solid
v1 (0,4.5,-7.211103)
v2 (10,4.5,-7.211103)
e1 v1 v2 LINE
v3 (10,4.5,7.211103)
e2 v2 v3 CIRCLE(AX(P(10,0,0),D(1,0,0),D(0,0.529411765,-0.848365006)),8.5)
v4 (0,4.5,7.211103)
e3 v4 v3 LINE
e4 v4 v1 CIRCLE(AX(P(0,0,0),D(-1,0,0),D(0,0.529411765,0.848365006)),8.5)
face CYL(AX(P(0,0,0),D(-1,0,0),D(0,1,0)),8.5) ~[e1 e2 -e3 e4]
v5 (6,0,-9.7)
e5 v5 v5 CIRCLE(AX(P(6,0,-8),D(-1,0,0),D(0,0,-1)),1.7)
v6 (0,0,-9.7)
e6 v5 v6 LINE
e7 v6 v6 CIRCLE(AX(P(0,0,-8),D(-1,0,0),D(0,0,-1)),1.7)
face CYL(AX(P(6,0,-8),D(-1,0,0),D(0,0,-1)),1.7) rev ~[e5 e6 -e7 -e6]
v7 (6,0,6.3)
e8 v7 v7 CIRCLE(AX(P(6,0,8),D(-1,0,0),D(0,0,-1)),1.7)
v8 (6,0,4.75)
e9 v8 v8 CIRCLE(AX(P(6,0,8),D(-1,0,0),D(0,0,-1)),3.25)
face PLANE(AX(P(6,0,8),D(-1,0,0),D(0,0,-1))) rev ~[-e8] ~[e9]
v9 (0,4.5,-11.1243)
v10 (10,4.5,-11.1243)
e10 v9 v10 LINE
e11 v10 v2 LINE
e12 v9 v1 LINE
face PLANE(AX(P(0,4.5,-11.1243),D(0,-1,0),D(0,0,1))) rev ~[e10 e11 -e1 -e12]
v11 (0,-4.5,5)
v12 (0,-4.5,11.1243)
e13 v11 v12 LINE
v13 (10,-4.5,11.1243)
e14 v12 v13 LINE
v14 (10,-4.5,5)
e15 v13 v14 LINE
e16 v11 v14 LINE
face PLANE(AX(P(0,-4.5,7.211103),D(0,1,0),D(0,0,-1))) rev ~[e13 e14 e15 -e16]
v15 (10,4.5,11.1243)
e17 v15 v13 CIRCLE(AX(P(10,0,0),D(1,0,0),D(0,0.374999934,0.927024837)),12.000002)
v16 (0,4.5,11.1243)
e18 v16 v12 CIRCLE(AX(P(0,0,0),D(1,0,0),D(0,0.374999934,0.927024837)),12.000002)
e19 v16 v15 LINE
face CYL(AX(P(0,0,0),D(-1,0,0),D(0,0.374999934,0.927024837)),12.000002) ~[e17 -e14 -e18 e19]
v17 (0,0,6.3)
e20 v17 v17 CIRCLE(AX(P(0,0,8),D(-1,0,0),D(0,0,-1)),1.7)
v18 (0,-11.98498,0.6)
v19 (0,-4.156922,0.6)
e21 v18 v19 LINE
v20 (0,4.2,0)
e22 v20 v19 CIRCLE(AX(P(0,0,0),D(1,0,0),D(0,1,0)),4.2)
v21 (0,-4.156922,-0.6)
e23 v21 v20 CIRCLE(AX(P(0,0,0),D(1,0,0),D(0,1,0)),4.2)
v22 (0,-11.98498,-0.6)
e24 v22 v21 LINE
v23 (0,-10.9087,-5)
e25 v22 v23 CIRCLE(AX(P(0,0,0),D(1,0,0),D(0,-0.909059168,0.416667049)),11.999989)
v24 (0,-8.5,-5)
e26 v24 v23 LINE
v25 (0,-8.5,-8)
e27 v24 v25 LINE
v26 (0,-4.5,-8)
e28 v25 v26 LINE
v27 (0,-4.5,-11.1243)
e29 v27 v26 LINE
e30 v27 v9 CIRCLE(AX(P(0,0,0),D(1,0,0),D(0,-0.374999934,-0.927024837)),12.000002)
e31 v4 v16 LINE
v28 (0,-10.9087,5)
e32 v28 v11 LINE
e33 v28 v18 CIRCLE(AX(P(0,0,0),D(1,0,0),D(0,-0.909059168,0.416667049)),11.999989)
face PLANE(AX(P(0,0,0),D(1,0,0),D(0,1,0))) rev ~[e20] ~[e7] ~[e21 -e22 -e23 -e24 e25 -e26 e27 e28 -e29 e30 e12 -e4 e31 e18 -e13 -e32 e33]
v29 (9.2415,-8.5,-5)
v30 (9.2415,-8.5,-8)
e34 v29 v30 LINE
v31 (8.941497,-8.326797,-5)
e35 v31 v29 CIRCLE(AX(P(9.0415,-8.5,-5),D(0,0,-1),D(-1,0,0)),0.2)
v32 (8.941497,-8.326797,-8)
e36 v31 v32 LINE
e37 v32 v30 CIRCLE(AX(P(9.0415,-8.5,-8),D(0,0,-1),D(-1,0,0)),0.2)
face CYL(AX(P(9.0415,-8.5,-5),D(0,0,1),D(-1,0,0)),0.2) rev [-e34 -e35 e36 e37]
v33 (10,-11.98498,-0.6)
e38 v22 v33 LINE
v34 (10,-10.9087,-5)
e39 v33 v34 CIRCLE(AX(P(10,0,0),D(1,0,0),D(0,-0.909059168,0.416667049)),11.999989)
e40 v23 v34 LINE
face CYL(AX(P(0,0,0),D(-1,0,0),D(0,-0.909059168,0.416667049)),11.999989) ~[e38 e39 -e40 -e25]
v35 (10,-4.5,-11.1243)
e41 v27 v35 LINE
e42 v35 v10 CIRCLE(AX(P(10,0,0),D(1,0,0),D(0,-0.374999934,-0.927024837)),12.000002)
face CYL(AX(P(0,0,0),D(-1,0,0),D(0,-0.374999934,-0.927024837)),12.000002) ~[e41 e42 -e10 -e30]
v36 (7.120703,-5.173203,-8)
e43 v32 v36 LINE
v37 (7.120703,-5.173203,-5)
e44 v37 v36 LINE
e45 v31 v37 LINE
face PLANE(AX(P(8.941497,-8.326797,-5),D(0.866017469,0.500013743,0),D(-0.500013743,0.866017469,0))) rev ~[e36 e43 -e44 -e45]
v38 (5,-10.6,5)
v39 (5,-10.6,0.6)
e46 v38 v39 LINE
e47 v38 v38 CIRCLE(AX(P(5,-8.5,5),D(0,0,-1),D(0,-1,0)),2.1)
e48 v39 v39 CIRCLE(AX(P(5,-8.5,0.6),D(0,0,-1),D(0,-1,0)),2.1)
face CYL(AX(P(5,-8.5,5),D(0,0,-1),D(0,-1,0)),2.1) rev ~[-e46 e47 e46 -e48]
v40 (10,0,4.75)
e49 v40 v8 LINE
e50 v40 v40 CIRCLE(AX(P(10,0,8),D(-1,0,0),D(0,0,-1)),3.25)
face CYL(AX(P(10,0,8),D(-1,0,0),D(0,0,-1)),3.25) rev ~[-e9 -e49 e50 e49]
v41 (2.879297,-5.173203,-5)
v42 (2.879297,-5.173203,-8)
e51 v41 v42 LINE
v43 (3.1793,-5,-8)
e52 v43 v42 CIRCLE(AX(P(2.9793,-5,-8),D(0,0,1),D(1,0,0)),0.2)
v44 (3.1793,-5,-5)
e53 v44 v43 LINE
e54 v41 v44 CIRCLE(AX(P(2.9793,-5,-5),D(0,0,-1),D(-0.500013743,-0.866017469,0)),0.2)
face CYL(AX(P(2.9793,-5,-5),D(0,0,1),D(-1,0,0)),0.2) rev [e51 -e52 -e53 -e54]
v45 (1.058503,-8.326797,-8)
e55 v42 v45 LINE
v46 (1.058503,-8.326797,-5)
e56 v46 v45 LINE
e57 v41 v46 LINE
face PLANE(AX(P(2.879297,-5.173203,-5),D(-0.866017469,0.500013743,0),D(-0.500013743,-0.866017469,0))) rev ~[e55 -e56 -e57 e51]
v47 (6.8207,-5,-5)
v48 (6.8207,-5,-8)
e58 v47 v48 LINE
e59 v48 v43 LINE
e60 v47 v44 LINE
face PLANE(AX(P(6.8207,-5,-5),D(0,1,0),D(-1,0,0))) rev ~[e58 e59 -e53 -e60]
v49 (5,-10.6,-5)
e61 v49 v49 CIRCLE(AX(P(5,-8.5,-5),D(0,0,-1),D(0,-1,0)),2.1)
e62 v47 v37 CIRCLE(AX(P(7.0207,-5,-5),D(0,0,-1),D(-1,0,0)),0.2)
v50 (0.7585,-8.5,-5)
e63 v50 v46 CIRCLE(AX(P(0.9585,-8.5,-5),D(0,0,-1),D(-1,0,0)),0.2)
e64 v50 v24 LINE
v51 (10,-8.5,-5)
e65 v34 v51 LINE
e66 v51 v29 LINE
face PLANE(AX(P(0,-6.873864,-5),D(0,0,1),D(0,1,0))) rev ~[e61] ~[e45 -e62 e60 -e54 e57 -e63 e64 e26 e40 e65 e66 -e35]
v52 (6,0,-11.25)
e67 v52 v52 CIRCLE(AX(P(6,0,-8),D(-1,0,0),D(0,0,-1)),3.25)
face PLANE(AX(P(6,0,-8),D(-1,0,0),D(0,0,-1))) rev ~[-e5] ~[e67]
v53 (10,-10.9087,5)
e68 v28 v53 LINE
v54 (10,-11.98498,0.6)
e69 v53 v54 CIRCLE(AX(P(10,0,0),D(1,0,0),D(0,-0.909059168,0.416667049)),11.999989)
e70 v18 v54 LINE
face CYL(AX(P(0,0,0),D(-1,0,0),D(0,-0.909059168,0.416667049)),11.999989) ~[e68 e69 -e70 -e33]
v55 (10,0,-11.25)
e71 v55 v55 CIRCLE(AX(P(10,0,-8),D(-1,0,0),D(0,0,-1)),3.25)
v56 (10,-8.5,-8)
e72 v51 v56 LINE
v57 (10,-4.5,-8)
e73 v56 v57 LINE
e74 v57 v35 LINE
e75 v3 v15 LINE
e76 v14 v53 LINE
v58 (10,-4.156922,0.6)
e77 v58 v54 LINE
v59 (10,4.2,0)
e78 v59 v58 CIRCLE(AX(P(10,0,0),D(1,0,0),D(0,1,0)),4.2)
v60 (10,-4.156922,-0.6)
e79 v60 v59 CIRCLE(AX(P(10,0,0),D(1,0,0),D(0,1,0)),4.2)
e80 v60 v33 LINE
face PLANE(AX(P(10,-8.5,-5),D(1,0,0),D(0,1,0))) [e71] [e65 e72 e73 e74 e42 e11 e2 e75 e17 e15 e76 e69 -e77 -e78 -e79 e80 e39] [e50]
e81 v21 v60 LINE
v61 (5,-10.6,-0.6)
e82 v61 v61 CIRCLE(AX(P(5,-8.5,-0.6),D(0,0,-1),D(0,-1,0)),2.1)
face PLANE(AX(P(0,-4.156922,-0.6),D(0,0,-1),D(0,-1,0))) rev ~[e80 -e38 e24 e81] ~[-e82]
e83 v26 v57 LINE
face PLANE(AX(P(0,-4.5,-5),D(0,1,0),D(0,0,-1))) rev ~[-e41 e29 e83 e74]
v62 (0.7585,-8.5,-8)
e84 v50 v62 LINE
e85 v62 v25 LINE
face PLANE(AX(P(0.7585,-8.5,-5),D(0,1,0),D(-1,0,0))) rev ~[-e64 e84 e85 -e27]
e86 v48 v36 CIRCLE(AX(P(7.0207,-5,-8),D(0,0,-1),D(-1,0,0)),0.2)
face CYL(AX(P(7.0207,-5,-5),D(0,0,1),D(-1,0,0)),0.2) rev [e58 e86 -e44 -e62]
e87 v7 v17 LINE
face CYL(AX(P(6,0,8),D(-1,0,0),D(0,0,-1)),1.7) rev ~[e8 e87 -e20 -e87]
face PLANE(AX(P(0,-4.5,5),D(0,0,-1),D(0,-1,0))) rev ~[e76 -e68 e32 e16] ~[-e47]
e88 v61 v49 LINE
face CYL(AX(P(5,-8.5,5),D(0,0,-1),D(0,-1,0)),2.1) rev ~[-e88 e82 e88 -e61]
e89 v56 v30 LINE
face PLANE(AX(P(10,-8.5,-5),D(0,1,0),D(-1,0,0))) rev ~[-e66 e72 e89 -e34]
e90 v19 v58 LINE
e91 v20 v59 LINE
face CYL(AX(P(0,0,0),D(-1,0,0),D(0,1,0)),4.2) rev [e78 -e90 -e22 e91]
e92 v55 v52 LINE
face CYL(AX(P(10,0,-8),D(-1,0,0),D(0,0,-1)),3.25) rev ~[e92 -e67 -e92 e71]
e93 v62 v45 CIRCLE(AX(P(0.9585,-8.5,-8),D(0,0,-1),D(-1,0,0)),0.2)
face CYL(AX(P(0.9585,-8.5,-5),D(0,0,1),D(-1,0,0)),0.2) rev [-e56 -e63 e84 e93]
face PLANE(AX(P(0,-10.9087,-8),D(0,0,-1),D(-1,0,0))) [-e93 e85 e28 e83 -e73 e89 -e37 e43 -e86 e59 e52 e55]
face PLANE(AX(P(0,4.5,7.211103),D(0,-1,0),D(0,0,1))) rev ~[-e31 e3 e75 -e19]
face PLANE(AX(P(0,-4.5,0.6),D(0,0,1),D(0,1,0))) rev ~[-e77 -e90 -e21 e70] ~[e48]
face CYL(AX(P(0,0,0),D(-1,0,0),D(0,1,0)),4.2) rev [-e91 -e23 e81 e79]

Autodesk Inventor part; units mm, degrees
ref_plane "YZ Plane" through (0, 0, 0) normal (1, 0, 0) x (0, 1, 0)
ref_plane "XZ Plane" through (0, 0, 0) normal (0, 1, 0) x (-1, 0, 0)
ref_plane "XY Plane" through (0, 0, 0) normal (0, 0, 1) x (1, 0, 0)
sketch "スケッチ1" plane through (0, 0, 0) normal (1, 0, 0) x (0, 1, 0)
  circle A0 centre (0, 0) radius 4.2
  circle A1 centre (0, 0) radius 8.5
  line L0 (0, 5) -> (-12, 5)
  line L1 (-12, 5) -> (-12, -5) construction
  line L2 (-12, -5) -> (0, -5)
  line L3 (0, -5) -> (0, 5) construction
  line L4 (-12, 0.6) -> (0, 0.6)
  line L5 (0, 0.6) -> (0, -0.6)
  line L6 (0, -0.6) -> (-12, -0.6)
  line L7 (-12, -0.6) -> (-12, 0.6)
  line L8 (4.5, 12) -> (-4.5, 12) construction
  line L9 (-4.5, 12) -> (-4.5, -12)
  line L10 (-4.5, -12) -> (4.5, -12) construction
  line L11 (4.5, -12) -> (4.5, 12)
  line L12 (4.5, 12) -> (-4.5, -12) construction
  line L13 (-4.5, 12) -> (4.5, -12) construction
  arc A2 (4.5, 11.1243) -> (-4.5, 11.1243) centre (0, 0) ccw
  arc A3 (-4.5, -11.1243) -> (4.5, -11.1243) centre (0, 0) ccw
  arc A4 (-10.9087, 5) -> (-10.9087, -5) centre (0, 0) ccw
  point P0 (-11, 3.3541)
  point P1 (-11, -3.3541)
  point P2 (-6.8739, 5)
  point P3 (-6.8739, -5)
  point P4 (-4.1569, 0.6)
  point P5 (-4.1569, -0.6)
  point P6 (-12, -0.6)
  point P7 (-8.4788, -0.6)
  point P8 (-8.4788, 0.6)
  point P9 (0, -4.2)
  point P10 (0, 4.2)
  point P11 (0, 0.6)
  point P12 (-4.5, -5)
  point P13 (4.5, -7.2111)
  point P14 (4.5, 7.2111)
  point P15 (-4.5, 5)
  point P16 (-4.5, -7.2111)
  point P17 (-4.5, 7.2111)
  point P18 (-4.5, 0.6)
  point P19 (-4.5, -0.6)
  point P20 (-11.985, 0.6)
  point P21 (-11.985, -0.6)
  dimension "d0" = 8.4
  dimension "d1" = 17
  dimension "d2" = 5
  dimension "d3" = 5
  dimension "d4" = 12
  dimension "d18" = 1.2
  dimension "d19" = 0.6
  dimension "d45" = 9
  dimension "d46" = 24
extrude "押し出し1" add sketch "スケッチ1" along normal blind 10 contours A0 L4 L9 A1 L11 L6 | L4 A1 L0 L9 | L9 L2 A1 L6 | L4 A4 L0 A1 | A1 L2 A4 L6 | L9 A2 L11 A1 | A1 L11 A3 L9 | A1 L11
sketch "スケッチ2" plane through (10, 0, 0) normal (1, 0, 0) x (0, 0, -1)
  line L0 (16.8, 0) -> (-16.8, 0) projected
  point P0 (0, 0)
  point P1 (-8, 0)
  point P2 (8, 0)
  dimension "d7" = 8
  dimension "d8" = 8
hole "穴1" at (10, 0, 8) at (10, 0, -8) direction (-1, 0, 0) diameter 3.4 end through all counterbore diameter 6.5 counterbore depth 4
sketch "スケッチ3" plane through (0, -4.5, 5) normal (0, 0, 1) x (1, 0, 0)
  line L0 (0, 0) -> (10, 0) projected
  point P0 (5, -4)
  point P1 (5, 0)
  dimension "d56" = 4
hole "穴2" at (5, -8.5, 5) direction (0, 0, -1) diameter 4.2 end through all
sketch "スケッチ7" plane through (0, -10.9087, -5) normal (0, 0, -1) x (-1, 0, 0)
  circle A0 centre (-5, 2.4087) radius 2.1 projected
  line L0 (-7.0207, -1.0913) -> (-9.0415, 2.4087)
  line L1 (-9.0415, 2.4087) -> (-7.0207, 5.9087)
  line L2 (-7.0207, 5.9087) -> (-2.9793, 5.9087)
  line L3 (-2.9793, 5.9087) -> (-0.9585, 2.4087)
  line L4 (-0.9585, 2.4087) -> (-2.9793, -1.0913)
  line L5 (-2.9793, -1.0913) -> (-7.0207, -1.0913)
  line L6 (0, 6.4087) -> (-10, 6.4087) projected
  line L7 (-10, 0) -> (-10, 6.4087) projected
  line L8 (0, 0) -> (0, 6.4087) projected
  line L9 (-10, 2.4087) -> (-9.0415, 2.4087)
  line L10 (-0.9585, 2.4087) -> (0, 2.4087)
  circle A1 centre (-9.0415, 2.4087) radius 0.2
  circle A2 centre (-7.0207, -1.0913) radius 0.2
  circle A3 centre (-2.9793, -1.0913) radius 0.2
  circle A4 centre (-0.9585, 2.4087) radius 0.2
  circle A5 centre (-2.9793, 5.9087) radius 0.2
  circle A6 centre (-7.0207, 5.9087) radius 0.2
  point P0 (0, 10.9087)
  point P1 (-9.2415, 2.4087)
  point P2 (-8.9415, 2.5819)
  point P3 (-7.1207, 5.7355)
  point P4 (-6.8207, 5.9087)
  point P5 (-3.1793, 5.9087)
  point P6 (-2.8793, 5.7355)
  point P7 (-1.0585, 2.5819)
  point P8 (-0.7585, 2.4087)
  dimension "d48" = 7
  dimension "d49" = 0.4
  dimension "d52" = 360
extrude "押し出し5" add sketch "スケッチ7" along normal blind 3 contours L9 L7 L6 L8 L10 A4 L3 A5 L2 A6 L1 A1
equation "\"d3\" = d2"
equation "\"d19\" = 0.5 * d18"
equation "\"d8\" = d7"
properties part number "セットカラ―" material "ABS プラスチック"
